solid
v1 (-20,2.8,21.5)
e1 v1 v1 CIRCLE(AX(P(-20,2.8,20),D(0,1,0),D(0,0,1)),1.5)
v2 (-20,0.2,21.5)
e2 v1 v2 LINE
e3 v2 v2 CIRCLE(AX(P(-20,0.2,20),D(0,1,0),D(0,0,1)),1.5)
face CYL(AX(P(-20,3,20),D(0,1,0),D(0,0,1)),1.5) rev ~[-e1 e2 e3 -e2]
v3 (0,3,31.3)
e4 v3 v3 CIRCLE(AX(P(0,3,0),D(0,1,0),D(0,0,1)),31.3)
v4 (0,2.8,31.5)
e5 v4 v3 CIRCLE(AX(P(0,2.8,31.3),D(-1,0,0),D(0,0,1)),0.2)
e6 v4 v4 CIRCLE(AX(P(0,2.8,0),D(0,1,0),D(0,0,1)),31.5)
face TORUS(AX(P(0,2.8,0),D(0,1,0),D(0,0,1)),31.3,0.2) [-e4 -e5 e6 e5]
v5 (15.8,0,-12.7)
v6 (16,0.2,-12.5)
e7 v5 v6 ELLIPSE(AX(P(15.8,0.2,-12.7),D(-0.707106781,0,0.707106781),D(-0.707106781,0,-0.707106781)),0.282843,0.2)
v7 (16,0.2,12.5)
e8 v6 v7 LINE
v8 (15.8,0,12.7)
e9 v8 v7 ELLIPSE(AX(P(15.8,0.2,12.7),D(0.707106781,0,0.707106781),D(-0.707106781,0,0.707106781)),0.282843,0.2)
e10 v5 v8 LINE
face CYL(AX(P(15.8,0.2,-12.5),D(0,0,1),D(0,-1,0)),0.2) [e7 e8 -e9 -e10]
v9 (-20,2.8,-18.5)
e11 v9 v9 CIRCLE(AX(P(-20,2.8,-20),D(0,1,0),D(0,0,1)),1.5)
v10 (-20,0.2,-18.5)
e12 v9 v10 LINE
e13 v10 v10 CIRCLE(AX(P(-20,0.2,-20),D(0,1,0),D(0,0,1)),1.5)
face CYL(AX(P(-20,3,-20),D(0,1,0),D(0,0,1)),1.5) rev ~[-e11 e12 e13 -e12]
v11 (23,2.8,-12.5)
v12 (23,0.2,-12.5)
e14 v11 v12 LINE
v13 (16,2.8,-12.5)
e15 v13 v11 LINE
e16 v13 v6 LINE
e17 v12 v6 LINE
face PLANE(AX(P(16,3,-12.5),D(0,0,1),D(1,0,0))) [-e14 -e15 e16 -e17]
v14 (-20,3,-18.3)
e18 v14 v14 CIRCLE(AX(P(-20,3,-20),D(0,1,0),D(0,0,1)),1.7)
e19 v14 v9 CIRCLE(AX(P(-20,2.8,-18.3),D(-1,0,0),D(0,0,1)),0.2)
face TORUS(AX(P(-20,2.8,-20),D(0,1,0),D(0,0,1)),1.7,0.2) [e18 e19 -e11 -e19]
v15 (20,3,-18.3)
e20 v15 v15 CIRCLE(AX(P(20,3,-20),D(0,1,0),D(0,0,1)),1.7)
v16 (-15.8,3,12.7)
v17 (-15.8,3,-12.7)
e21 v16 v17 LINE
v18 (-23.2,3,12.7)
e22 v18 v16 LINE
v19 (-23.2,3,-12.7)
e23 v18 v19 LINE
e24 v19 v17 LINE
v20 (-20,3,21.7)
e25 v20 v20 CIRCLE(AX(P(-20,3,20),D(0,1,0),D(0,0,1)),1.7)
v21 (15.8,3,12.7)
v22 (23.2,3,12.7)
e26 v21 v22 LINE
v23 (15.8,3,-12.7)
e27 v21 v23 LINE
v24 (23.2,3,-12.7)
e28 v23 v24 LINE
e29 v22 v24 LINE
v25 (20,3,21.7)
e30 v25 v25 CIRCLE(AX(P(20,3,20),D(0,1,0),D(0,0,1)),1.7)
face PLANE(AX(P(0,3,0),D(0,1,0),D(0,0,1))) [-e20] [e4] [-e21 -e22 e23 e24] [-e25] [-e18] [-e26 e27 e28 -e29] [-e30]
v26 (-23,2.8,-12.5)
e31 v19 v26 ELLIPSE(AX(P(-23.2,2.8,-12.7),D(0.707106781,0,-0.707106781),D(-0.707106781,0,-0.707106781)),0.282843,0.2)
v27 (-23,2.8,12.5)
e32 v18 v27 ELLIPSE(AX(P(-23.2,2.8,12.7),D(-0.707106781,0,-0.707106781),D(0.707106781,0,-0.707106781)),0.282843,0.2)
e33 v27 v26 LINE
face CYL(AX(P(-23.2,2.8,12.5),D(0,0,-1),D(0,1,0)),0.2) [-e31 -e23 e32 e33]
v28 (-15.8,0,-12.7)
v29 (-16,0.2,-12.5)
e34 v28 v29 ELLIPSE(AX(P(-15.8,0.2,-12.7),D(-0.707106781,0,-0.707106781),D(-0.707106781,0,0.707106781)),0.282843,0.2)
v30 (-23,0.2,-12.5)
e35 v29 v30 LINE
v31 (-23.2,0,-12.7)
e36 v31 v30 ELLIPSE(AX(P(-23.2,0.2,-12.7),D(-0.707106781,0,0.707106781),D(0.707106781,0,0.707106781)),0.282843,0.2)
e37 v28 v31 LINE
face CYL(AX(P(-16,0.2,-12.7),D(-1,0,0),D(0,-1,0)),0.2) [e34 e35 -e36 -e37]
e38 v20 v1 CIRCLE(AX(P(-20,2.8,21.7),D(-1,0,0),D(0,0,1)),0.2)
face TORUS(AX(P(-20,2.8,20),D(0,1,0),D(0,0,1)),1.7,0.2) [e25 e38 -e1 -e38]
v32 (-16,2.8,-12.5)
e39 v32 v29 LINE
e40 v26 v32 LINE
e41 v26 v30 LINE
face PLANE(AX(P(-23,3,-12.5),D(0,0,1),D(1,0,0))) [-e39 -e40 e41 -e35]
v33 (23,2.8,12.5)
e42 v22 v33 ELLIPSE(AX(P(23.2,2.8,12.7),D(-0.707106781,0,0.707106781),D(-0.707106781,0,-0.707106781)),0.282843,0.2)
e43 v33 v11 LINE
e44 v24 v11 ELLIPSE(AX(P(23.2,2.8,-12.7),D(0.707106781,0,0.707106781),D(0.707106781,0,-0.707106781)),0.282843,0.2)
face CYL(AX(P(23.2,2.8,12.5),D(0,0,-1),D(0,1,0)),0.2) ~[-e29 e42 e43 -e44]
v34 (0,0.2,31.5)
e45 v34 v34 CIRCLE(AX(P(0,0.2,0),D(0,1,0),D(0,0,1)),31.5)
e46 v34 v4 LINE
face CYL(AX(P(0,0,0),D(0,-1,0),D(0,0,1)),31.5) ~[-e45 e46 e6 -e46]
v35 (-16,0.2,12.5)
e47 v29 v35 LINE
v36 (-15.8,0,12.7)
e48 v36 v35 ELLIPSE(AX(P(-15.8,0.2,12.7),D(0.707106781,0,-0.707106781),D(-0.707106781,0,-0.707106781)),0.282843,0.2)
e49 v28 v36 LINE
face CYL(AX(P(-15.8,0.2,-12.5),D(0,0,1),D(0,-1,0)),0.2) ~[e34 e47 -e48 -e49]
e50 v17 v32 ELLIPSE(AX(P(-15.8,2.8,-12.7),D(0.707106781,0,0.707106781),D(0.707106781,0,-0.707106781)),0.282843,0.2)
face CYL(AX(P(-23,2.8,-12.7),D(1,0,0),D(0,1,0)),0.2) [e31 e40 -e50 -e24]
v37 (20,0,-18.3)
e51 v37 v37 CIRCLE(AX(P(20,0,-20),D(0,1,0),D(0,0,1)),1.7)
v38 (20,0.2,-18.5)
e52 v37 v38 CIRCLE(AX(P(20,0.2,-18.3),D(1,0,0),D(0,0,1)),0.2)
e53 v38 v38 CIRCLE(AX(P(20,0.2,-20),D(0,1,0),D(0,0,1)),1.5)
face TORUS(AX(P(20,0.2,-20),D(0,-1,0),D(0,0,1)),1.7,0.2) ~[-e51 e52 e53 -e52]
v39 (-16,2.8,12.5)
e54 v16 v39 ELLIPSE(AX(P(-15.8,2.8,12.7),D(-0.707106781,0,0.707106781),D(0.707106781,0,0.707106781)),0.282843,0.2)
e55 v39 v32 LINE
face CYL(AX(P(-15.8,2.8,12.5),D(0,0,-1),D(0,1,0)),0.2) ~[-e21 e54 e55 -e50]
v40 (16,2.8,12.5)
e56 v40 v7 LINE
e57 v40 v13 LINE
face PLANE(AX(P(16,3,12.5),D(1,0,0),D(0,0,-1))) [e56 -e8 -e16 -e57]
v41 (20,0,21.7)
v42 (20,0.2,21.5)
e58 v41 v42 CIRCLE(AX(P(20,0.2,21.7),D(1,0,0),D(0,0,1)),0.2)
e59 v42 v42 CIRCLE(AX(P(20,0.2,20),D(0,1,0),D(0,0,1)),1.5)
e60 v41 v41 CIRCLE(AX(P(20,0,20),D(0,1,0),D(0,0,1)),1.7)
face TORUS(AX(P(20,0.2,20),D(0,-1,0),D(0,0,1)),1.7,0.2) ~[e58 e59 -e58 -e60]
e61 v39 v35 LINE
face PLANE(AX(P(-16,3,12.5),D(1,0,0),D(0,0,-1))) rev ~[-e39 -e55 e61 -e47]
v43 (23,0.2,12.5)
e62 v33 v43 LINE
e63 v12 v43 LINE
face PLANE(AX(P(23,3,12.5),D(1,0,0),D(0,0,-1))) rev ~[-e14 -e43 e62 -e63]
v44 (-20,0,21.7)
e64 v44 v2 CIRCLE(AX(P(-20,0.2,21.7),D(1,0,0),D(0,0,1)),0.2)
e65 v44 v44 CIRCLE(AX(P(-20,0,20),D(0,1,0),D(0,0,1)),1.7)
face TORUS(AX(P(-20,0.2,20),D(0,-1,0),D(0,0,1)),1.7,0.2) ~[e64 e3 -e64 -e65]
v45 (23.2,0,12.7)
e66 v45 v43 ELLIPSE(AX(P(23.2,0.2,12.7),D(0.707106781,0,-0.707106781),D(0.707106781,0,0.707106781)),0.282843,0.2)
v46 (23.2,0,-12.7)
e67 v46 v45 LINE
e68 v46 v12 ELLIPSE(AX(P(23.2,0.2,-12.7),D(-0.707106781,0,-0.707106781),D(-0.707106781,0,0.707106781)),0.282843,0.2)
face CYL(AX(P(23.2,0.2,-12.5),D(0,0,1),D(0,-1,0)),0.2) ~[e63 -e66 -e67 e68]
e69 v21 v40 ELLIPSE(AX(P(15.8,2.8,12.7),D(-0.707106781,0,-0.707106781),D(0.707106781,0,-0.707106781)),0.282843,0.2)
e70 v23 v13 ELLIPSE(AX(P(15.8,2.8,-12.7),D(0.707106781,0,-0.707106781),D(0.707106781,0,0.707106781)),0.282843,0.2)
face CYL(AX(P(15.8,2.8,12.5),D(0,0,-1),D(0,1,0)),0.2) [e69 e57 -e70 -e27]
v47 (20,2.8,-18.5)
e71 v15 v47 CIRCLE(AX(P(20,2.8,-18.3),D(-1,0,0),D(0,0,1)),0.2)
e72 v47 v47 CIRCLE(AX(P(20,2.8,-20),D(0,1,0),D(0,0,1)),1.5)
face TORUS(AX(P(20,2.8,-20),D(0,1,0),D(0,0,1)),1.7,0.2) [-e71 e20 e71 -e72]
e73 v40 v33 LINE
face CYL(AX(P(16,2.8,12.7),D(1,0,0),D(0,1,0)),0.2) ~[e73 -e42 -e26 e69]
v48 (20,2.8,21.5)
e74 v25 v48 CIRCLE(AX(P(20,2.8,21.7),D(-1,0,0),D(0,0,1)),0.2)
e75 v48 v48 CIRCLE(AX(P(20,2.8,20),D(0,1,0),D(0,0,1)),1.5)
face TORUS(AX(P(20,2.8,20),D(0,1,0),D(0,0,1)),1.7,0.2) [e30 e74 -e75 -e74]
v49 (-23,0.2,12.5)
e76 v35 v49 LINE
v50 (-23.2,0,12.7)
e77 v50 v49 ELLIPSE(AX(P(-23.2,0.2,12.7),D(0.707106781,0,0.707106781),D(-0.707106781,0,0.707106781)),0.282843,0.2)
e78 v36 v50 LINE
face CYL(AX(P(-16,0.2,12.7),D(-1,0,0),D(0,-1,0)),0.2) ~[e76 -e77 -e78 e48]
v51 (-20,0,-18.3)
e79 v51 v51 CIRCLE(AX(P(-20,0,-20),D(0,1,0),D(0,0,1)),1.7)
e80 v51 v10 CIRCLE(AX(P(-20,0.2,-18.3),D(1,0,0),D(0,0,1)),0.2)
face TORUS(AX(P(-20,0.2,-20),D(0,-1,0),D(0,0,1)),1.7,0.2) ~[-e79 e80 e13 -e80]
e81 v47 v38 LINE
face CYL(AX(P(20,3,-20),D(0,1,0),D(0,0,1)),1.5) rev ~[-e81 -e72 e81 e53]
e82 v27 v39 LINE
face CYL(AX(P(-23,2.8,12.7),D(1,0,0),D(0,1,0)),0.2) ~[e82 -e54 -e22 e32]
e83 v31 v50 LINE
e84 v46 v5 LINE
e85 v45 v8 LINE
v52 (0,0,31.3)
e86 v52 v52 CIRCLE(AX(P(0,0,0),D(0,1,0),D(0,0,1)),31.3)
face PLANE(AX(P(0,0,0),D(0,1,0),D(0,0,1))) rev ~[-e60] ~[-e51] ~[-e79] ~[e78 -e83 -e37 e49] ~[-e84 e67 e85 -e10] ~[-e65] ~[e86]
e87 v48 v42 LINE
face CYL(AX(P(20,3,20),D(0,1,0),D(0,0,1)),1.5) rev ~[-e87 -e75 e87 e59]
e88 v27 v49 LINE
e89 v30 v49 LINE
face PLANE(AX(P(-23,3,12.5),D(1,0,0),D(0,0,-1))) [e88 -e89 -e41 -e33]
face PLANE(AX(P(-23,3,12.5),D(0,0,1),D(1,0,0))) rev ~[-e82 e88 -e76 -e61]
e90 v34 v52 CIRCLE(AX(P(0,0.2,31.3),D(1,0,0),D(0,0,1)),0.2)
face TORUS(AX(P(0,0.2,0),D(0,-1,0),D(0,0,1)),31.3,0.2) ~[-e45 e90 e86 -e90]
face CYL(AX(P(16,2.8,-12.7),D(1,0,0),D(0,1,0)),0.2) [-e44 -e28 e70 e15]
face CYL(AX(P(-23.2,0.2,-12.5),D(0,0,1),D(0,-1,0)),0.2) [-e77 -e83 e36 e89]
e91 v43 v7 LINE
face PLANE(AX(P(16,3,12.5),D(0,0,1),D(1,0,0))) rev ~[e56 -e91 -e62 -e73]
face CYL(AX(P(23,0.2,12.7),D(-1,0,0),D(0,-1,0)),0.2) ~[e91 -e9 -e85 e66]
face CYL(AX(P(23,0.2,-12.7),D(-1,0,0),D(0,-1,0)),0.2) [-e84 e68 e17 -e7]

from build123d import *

# Parameters (mm, degrees)
SKETCH1_R           = 31.5
BOSS_EXTRUDE1_DEPTH = 3
CUT_EXTRUDE1_REACH  = 46.649
SKETCH2_W           = 7
SKETCH2_H           = 25
CUT_EXTRUDE2_REACH  = 46.649
SKETCH3_R           = 1.5
FILLET1_R           = 0.2


with BuildPart() as part:
    # Sketch1 → Boss-Extrude1 (new body)
    with BuildSketch(Plane(origin=(0, 0, 0), x_dir=(1, 0, 0), z_dir=(0, 1, 0))):
        with Locations(Location((0, 0, 0), (0, 0, 270))):
            Circle(SKETCH1_R)
    extrude(amount=BOSS_EXTRUDE1_DEPTH)

    # Sketch2 → Cut-Extrude1 (cut, up to next)
    with BuildSketch(Plane(origin=(0, 3, 0), x_dir=(1, 0, 0), z_dir=(0, 1, 0)), mode=Mode.PRIVATE) as cut_extrude1_sk1:
        with Locations((-19.5, 0)):
            Rectangle(SKETCH2_W, SKETCH2_H)
    cut_extrude1_tool1 = extrude(cut_extrude1_sk1.sketch, amount=-CUT_EXTRUDE1_REACH, mode=Mode.PRIVATE) & part.part
    # Sketch2 → Cut-Extrude1 (cut, up to next)
    with BuildSketch(Plane(origin=(0, 3, 0), x_dir=(1, 0, 0), z_dir=(0, 1, 0)), mode=Mode.PRIVATE) as cut_extrude1_sk2:
        with Locations((19.5, 0)):
            Rectangle(SKETCH2_W, SKETCH2_H)
    cut_extrude1_tool2 = extrude(cut_extrude1_sk2.sketch, amount=-CUT_EXTRUDE1_REACH, mode=Mode.PRIVATE) & part.part
    add(cut_extrude1_tool1.solids().sort_by_distance((-19.5, 3, 0))[0], mode=Mode.SUBTRACT)
    add(cut_extrude1_tool2.solids().sort_by_distance((19.5, 3, 0))[0], mode=Mode.SUBTRACT)

    # Sketch3 → Cut-Extrude2 (cut, up to next)
    with BuildSketch(Plane(origin=(0, 3, 0), x_dir=(1, 0, 0), z_dir=(0, 1, 0)), mode=Mode.PRIVATE) as cut_extrude2_sk1:
        with Locations(Location((-20, -20, 0), (0, 0, 270))):
            Circle(SKETCH3_R)
    cut_extrude2_tool1 = extrude(cut_extrude2_sk1.sketch, amount=-CUT_EXTRUDE2_REACH, mode=Mode.PRIVATE) & part.part
    # Sketch3 → Cut-Extrude2 (cut, up to next)
    with BuildSketch(Plane(origin=(0, 3, 0), x_dir=(1, 0, 0), z_dir=(0, 1, 0)), mode=Mode.PRIVATE) as cut_extrude2_sk2:
        with Locations(Location((20, -20, 0), (0, 0, 270))):
            Circle(SKETCH3_R)
    cut_extrude2_tool2 = extrude(cut_extrude2_sk2.sketch, amount=-CUT_EXTRUDE2_REACH, mode=Mode.PRIVATE) & part.part
    # Sketch3 → Cut-Extrude2 (cut, up to next)
    with BuildSketch(Plane(origin=(0, 3, 0), x_dir=(1, 0, 0), z_dir=(0, 1, 0)), mode=Mode.PRIVATE) as cut_extrude2_sk3:
        with Locations(Location((20, 20, 0), (0, 0, 270))):
            Circle(SKETCH3_R)
    cut_extrude2_tool3 = extrude(cut_extrude2_sk3.sketch, amount=-CUT_EXTRUDE2_REACH, mode=Mode.PRIVATE) & part.part
    # Sketch3 → Cut-Extrude2 (cut, up to next)
    with BuildSketch(Plane(origin=(0, 3, 0), x_dir=(1, 0, 0), z_dir=(0, 1, 0)), mode=Mode.PRIVATE) as cut_extrude2_sk4:
        with Locations(Location((-20, 20, 0), (0, 0, 270))):
            Circle(SKETCH3_R)
    cut_extrude2_tool4 = extrude(cut_extrude2_sk4.sketch, amount=-CUT_EXTRUDE2_REACH, mode=Mode.PRIVATE) & part.part
    add(cut_extrude2_tool1.solids().sort_by_distance((-20, 3, 20))[0], mode=Mode.SUBTRACT)
    add(cut_extrude2_tool2.solids().sort_by_distance((20, 3, 20))[0], mode=Mode.SUBTRACT)
    add(cut_extrude2_tool3.solids().sort_by_distance((20, 3, -20))[0], mode=Mode.SUBTRACT)
    add(cut_extrude2_tool4.solids().sort_by_distance((-20, 3, -20))[0], mode=Mode.SUBTRACT)

    # Fillet1
    fillet1_edges = [part.edges().sort_by_distance(p)[0] for p in [
        (-23, 3, 0),
        (-19.5, 3, 12.5),
        (-16, 3, 0),
        (-19.5, 3, -12.5),
        (-19.5, 0, 12.5),
        (-23, 0, 0),
        (-19.5, 0, -12.5),
        (-16, 0, 0),
        (0, 0, -31.5),
        (23, 3, 0),
        (19.5, 3, -12.5),
        (16, 3, 0),
        (19.5, 3, 12.5),
        (19.5, 0, -12.5),
        (23, 0, 0),
        (19.5, 0, 12.5),
        (16, 0, 0),
        (-20, 3, -21.5),
        (-20, 0, -21.5),
        (20, 3, -21.5),
        (20, 0, -21.5),
        (20, 3, 18.5),
        (20, 0, 18.5),
        (-20, 3, 18.5),
        (-20, 0, 18.5),
        (0, 3, -31.5),
    ]]
    fillet(fillet1_edges, radius=FILLET1_R)


solid = part.part
